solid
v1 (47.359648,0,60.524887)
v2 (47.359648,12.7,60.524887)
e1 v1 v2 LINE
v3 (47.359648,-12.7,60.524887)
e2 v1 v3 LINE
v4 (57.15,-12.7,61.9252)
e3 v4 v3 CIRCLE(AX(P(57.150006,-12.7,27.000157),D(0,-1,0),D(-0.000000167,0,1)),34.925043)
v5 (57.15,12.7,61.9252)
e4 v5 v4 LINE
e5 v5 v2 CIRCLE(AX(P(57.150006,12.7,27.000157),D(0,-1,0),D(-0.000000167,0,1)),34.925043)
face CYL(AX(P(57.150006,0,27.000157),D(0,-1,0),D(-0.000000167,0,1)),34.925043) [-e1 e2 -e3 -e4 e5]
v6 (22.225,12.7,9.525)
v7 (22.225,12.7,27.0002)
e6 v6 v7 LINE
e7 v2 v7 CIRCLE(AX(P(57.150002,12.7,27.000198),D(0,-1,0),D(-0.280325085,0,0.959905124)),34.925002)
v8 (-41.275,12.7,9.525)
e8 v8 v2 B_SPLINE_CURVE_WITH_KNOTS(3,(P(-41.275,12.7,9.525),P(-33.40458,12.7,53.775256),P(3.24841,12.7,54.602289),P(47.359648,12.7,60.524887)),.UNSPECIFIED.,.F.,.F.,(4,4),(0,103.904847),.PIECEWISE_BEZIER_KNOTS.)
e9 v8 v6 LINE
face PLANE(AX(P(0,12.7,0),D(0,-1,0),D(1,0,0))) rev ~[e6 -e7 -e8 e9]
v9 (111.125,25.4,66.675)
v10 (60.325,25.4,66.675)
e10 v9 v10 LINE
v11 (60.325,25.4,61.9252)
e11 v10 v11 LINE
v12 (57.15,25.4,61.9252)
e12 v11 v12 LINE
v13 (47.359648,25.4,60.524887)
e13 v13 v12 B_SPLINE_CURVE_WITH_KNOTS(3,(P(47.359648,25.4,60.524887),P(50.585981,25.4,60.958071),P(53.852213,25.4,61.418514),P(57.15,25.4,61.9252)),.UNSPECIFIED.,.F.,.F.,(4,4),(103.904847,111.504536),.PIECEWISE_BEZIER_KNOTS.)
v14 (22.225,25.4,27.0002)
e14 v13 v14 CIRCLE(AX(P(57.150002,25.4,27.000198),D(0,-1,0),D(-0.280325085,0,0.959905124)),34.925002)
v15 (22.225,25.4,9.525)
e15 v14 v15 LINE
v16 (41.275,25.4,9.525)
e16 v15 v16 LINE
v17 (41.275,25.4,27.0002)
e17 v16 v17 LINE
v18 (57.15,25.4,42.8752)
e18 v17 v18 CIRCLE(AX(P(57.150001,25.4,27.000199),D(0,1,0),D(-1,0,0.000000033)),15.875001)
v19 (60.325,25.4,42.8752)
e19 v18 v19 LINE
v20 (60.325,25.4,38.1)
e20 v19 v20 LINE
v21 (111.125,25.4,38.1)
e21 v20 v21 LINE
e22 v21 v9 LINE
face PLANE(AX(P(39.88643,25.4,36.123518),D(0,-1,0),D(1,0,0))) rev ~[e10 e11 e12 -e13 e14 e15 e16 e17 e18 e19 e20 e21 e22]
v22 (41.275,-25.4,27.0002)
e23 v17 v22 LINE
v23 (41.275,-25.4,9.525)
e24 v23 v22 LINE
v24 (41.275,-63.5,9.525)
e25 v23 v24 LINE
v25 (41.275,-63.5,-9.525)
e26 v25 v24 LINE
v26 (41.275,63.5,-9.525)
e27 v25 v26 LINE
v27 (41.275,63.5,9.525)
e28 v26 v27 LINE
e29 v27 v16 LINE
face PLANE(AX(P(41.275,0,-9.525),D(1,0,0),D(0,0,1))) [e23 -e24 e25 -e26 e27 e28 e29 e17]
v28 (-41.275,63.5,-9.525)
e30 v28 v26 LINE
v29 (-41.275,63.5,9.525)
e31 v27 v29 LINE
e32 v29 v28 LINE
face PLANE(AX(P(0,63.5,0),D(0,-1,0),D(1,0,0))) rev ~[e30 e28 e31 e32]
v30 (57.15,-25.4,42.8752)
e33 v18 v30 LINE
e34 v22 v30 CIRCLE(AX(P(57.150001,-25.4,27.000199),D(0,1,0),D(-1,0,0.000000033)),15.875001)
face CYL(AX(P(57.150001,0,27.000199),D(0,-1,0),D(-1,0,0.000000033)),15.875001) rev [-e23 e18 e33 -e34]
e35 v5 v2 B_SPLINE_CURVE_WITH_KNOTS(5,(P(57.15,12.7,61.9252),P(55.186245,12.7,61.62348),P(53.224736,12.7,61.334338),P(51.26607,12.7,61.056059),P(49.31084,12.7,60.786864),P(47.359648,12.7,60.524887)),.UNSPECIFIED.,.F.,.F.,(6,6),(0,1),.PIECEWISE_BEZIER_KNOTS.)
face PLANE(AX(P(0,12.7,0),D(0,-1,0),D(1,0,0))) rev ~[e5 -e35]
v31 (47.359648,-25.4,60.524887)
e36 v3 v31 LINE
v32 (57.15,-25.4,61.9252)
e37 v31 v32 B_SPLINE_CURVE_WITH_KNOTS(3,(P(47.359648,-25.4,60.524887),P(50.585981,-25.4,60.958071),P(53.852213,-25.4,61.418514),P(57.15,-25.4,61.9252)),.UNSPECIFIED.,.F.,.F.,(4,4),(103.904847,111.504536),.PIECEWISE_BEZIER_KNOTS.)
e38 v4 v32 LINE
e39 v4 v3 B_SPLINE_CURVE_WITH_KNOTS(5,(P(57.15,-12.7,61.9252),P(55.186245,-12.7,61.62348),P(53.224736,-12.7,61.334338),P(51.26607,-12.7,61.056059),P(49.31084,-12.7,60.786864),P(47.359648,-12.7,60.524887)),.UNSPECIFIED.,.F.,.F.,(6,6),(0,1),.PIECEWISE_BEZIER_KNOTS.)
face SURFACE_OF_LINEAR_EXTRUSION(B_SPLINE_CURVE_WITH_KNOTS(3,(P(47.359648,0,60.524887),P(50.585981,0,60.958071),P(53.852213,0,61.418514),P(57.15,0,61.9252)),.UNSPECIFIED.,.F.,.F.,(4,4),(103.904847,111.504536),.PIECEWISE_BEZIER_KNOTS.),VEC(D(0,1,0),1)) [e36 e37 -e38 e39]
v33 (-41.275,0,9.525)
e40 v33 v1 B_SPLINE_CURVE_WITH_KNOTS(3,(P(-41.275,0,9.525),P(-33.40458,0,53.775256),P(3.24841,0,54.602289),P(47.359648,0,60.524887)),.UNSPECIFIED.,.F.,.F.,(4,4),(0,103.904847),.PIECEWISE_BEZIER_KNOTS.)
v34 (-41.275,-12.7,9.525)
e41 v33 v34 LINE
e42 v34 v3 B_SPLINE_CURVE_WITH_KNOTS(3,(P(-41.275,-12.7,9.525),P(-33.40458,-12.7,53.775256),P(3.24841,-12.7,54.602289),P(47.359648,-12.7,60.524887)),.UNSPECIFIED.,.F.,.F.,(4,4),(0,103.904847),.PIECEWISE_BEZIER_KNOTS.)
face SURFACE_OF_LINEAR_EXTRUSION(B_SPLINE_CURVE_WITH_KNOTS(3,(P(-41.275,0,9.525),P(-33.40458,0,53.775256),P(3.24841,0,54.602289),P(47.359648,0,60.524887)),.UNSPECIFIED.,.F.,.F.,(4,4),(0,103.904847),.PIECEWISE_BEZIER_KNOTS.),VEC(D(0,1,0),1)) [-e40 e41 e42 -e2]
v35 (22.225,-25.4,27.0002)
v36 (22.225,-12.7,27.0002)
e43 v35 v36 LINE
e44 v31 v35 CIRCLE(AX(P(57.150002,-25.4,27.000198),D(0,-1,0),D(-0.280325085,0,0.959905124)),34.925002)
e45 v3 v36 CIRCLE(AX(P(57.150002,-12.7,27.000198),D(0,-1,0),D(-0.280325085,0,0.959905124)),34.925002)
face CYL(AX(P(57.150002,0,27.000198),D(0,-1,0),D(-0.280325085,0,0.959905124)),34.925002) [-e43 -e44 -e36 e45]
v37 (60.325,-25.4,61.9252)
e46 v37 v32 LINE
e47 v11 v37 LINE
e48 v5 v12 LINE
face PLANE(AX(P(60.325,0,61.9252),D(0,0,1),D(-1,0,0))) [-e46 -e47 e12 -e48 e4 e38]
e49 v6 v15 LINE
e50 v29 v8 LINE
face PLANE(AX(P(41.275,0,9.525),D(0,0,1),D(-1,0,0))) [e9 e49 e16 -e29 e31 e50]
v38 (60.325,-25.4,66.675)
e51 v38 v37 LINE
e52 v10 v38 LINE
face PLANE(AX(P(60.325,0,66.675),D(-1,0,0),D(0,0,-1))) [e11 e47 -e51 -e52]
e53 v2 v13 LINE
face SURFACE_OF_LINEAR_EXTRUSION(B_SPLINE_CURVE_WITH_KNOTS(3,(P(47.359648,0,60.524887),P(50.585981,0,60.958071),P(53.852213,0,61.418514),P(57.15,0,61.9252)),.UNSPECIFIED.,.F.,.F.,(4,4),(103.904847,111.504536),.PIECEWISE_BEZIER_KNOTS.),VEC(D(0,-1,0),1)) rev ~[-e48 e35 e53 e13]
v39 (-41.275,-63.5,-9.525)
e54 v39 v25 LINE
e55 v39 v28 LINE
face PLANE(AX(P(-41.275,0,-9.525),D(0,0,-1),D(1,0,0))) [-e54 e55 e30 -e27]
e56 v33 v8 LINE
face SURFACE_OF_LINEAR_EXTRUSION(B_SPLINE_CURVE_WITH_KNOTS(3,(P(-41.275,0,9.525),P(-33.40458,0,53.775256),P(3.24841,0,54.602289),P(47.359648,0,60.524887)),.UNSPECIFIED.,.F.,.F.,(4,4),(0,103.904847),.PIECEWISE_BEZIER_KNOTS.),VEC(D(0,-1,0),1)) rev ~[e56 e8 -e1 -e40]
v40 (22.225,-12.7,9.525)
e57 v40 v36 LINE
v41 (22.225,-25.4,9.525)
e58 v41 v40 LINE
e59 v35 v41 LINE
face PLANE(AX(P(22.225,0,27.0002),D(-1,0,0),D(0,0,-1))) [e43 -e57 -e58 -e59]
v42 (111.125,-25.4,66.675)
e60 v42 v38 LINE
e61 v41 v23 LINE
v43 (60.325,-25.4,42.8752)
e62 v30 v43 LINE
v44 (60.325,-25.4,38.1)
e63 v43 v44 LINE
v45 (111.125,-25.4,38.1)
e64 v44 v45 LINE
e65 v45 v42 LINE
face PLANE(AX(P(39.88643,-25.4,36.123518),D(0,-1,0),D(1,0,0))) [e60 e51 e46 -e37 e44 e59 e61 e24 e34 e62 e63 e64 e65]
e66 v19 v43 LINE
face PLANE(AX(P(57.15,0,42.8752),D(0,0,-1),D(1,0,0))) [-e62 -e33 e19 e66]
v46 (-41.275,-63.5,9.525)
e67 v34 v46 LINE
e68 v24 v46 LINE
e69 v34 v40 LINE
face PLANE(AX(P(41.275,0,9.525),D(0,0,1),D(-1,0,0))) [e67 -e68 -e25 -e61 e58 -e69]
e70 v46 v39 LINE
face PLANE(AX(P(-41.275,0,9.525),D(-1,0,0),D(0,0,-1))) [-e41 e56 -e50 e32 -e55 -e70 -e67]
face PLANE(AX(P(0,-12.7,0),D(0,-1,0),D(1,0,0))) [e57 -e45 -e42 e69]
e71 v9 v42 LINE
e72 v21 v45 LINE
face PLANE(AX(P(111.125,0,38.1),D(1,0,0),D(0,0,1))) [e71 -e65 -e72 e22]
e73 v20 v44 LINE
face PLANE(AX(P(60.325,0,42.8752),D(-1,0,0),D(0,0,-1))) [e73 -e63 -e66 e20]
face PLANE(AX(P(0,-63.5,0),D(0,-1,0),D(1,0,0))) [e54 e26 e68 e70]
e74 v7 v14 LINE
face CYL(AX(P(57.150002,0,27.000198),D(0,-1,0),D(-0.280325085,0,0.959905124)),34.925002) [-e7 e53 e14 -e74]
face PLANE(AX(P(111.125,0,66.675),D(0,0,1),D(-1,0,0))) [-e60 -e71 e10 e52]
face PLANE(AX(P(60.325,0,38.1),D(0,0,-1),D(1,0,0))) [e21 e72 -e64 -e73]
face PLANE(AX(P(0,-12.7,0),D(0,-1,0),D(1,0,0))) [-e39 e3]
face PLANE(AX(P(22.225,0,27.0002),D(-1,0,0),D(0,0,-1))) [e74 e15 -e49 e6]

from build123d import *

# Parameters (mm, degrees)
F1_DEPTH = 63.5
F2_DEPTH = 25.4
F3_DEPTH = 12.7


with BuildPart() as f1:
    # F0 (on Front) → F1 (new body, symmetric)
    with BuildSketch(Plane.XZ):
        Polygon((41.275, -9.525), (41.275, 9.525), (22.225, 9.525), (-41.275, 9.525), (-41.275, -9.525), align=None)
    extrude(amount=F1_DEPTH, both=True)

    # F0 (on Front) → F2 (join, symmetric)
    with BuildSketch(Plane.XZ):
        with BuildLine():
            Line((22.225, 9.525), (41.275, 9.525))
            Line((41.275, 9.525), (41.275, 27.0002))
            ThreePointArc((41.275, 27.0002), (45.92468, 38.22552), (57.15, 42.8752))
            Line((57.15, 42.8752), (60.325, 42.8752))
            Line((60.325, 42.8752), (60.325, 61.9252))
            Line((60.325, 61.9252), (57.15, 61.9252))
            add(Edge.make_bspline(
                [(47.359648, 60.524887), (50.585981, 60.958071), (53.852213, 61.418514), (57.15, 61.9252)],
                knots=[103.904847, 103.904847, 103.904847, 103.904847, 111.504536, 111.504536, 111.504536, 111.504536], degree=3))
            ThreePointArc((47.359648, 60.524887), (29.206453, 47.950469), (22.225, 27.0002))
            Line((22.225, 27.0002), (22.225, 9.525))
        make_face()
        Polygon((60.325, 61.9252), (60.325, 42.8752), (60.325, 38.1), (111.125, 38.1), (111.125, 66.675), (60.325, 66.675), align=None)
    extrude(amount=F2_DEPTH, both=True)

    # F0 (on Front) → F3 (join, symmetric)
    with BuildSketch(Plane.XZ):
        Polygon((41.275, -9.525), (41.275, 9.525), (22.225, 9.525), (-41.275, 9.525), (-41.275, -9.525), align=None)
        with BuildLine():
            Line((22.225, 9.525), (41.275, 9.525))
            Line((41.275, 9.525), (41.275, 27.0002))
            ThreePointArc((41.275, 27.0002), (45.92468, 38.22552), (57.15, 42.8752))
            Line((57.15, 42.8752), (60.325, 42.8752))
            Line((60.325, 42.8752), (60.325, 61.9252))
            Line((60.325, 61.9252), (57.15, 61.9252))
            add(Edge.make_bspline(
                [(47.359648, 60.524887), (50.585981, 60.958071), (53.852213, 61.418514), (57.15, 61.9252)],
                knots=[103.904847, 103.904847, 103.904847, 103.904847, 111.504536, 111.504536, 111.504536, 111.504536], degree=3))
            ThreePointArc((47.359648, 60.524887), (29.206453, 47.950469), (22.225, 27.0002))
            Line((22.225, 27.0002), (22.225, 9.525))
        make_face()
        with BuildLine():
            Line((-41.275, 9.525), (22.225, 9.525))
            Line((22.225, 9.525), (22.225, 27.0002))
            ThreePointArc((22.225, 27.0002), (29.206453, 47.950469), (47.359648, 60.524887))
            add(Edge.make_bspline(
                [(-41.275, 9.525), (-33.40458, 53.775256), (3.24841, 54.602289), (47.359648, 60.524887)],
                knots=[0, 0, 0, 0, 103.904847, 103.904847, 103.904847, 103.904847], degree=3))
        make_face()
        with BuildLine():
            ThreePointArc((57.15, 61.9252), (52.205006, 61.573349), (47.359648, 60.524887))
            add(Edge.make_bspline(
                [(47.359648, 60.524887), (50.585981, 60.958071), (53.852213, 61.418514), (57.15, 61.9252)],
                knots=[103.904847, 103.904847, 103.904847, 103.904847, 111.504536, 111.504536, 111.504536, 111.504536], degree=3))
        make_face()
        Polygon((60.325, 61.9252), (60.325, 42.8752), (60.325, 38.1), (111.125, 38.1), (111.125, 66.675), (60.325, 66.675), align=None)
    extrude(amount=F3_DEPTH, both=True)


solid = f1.part
